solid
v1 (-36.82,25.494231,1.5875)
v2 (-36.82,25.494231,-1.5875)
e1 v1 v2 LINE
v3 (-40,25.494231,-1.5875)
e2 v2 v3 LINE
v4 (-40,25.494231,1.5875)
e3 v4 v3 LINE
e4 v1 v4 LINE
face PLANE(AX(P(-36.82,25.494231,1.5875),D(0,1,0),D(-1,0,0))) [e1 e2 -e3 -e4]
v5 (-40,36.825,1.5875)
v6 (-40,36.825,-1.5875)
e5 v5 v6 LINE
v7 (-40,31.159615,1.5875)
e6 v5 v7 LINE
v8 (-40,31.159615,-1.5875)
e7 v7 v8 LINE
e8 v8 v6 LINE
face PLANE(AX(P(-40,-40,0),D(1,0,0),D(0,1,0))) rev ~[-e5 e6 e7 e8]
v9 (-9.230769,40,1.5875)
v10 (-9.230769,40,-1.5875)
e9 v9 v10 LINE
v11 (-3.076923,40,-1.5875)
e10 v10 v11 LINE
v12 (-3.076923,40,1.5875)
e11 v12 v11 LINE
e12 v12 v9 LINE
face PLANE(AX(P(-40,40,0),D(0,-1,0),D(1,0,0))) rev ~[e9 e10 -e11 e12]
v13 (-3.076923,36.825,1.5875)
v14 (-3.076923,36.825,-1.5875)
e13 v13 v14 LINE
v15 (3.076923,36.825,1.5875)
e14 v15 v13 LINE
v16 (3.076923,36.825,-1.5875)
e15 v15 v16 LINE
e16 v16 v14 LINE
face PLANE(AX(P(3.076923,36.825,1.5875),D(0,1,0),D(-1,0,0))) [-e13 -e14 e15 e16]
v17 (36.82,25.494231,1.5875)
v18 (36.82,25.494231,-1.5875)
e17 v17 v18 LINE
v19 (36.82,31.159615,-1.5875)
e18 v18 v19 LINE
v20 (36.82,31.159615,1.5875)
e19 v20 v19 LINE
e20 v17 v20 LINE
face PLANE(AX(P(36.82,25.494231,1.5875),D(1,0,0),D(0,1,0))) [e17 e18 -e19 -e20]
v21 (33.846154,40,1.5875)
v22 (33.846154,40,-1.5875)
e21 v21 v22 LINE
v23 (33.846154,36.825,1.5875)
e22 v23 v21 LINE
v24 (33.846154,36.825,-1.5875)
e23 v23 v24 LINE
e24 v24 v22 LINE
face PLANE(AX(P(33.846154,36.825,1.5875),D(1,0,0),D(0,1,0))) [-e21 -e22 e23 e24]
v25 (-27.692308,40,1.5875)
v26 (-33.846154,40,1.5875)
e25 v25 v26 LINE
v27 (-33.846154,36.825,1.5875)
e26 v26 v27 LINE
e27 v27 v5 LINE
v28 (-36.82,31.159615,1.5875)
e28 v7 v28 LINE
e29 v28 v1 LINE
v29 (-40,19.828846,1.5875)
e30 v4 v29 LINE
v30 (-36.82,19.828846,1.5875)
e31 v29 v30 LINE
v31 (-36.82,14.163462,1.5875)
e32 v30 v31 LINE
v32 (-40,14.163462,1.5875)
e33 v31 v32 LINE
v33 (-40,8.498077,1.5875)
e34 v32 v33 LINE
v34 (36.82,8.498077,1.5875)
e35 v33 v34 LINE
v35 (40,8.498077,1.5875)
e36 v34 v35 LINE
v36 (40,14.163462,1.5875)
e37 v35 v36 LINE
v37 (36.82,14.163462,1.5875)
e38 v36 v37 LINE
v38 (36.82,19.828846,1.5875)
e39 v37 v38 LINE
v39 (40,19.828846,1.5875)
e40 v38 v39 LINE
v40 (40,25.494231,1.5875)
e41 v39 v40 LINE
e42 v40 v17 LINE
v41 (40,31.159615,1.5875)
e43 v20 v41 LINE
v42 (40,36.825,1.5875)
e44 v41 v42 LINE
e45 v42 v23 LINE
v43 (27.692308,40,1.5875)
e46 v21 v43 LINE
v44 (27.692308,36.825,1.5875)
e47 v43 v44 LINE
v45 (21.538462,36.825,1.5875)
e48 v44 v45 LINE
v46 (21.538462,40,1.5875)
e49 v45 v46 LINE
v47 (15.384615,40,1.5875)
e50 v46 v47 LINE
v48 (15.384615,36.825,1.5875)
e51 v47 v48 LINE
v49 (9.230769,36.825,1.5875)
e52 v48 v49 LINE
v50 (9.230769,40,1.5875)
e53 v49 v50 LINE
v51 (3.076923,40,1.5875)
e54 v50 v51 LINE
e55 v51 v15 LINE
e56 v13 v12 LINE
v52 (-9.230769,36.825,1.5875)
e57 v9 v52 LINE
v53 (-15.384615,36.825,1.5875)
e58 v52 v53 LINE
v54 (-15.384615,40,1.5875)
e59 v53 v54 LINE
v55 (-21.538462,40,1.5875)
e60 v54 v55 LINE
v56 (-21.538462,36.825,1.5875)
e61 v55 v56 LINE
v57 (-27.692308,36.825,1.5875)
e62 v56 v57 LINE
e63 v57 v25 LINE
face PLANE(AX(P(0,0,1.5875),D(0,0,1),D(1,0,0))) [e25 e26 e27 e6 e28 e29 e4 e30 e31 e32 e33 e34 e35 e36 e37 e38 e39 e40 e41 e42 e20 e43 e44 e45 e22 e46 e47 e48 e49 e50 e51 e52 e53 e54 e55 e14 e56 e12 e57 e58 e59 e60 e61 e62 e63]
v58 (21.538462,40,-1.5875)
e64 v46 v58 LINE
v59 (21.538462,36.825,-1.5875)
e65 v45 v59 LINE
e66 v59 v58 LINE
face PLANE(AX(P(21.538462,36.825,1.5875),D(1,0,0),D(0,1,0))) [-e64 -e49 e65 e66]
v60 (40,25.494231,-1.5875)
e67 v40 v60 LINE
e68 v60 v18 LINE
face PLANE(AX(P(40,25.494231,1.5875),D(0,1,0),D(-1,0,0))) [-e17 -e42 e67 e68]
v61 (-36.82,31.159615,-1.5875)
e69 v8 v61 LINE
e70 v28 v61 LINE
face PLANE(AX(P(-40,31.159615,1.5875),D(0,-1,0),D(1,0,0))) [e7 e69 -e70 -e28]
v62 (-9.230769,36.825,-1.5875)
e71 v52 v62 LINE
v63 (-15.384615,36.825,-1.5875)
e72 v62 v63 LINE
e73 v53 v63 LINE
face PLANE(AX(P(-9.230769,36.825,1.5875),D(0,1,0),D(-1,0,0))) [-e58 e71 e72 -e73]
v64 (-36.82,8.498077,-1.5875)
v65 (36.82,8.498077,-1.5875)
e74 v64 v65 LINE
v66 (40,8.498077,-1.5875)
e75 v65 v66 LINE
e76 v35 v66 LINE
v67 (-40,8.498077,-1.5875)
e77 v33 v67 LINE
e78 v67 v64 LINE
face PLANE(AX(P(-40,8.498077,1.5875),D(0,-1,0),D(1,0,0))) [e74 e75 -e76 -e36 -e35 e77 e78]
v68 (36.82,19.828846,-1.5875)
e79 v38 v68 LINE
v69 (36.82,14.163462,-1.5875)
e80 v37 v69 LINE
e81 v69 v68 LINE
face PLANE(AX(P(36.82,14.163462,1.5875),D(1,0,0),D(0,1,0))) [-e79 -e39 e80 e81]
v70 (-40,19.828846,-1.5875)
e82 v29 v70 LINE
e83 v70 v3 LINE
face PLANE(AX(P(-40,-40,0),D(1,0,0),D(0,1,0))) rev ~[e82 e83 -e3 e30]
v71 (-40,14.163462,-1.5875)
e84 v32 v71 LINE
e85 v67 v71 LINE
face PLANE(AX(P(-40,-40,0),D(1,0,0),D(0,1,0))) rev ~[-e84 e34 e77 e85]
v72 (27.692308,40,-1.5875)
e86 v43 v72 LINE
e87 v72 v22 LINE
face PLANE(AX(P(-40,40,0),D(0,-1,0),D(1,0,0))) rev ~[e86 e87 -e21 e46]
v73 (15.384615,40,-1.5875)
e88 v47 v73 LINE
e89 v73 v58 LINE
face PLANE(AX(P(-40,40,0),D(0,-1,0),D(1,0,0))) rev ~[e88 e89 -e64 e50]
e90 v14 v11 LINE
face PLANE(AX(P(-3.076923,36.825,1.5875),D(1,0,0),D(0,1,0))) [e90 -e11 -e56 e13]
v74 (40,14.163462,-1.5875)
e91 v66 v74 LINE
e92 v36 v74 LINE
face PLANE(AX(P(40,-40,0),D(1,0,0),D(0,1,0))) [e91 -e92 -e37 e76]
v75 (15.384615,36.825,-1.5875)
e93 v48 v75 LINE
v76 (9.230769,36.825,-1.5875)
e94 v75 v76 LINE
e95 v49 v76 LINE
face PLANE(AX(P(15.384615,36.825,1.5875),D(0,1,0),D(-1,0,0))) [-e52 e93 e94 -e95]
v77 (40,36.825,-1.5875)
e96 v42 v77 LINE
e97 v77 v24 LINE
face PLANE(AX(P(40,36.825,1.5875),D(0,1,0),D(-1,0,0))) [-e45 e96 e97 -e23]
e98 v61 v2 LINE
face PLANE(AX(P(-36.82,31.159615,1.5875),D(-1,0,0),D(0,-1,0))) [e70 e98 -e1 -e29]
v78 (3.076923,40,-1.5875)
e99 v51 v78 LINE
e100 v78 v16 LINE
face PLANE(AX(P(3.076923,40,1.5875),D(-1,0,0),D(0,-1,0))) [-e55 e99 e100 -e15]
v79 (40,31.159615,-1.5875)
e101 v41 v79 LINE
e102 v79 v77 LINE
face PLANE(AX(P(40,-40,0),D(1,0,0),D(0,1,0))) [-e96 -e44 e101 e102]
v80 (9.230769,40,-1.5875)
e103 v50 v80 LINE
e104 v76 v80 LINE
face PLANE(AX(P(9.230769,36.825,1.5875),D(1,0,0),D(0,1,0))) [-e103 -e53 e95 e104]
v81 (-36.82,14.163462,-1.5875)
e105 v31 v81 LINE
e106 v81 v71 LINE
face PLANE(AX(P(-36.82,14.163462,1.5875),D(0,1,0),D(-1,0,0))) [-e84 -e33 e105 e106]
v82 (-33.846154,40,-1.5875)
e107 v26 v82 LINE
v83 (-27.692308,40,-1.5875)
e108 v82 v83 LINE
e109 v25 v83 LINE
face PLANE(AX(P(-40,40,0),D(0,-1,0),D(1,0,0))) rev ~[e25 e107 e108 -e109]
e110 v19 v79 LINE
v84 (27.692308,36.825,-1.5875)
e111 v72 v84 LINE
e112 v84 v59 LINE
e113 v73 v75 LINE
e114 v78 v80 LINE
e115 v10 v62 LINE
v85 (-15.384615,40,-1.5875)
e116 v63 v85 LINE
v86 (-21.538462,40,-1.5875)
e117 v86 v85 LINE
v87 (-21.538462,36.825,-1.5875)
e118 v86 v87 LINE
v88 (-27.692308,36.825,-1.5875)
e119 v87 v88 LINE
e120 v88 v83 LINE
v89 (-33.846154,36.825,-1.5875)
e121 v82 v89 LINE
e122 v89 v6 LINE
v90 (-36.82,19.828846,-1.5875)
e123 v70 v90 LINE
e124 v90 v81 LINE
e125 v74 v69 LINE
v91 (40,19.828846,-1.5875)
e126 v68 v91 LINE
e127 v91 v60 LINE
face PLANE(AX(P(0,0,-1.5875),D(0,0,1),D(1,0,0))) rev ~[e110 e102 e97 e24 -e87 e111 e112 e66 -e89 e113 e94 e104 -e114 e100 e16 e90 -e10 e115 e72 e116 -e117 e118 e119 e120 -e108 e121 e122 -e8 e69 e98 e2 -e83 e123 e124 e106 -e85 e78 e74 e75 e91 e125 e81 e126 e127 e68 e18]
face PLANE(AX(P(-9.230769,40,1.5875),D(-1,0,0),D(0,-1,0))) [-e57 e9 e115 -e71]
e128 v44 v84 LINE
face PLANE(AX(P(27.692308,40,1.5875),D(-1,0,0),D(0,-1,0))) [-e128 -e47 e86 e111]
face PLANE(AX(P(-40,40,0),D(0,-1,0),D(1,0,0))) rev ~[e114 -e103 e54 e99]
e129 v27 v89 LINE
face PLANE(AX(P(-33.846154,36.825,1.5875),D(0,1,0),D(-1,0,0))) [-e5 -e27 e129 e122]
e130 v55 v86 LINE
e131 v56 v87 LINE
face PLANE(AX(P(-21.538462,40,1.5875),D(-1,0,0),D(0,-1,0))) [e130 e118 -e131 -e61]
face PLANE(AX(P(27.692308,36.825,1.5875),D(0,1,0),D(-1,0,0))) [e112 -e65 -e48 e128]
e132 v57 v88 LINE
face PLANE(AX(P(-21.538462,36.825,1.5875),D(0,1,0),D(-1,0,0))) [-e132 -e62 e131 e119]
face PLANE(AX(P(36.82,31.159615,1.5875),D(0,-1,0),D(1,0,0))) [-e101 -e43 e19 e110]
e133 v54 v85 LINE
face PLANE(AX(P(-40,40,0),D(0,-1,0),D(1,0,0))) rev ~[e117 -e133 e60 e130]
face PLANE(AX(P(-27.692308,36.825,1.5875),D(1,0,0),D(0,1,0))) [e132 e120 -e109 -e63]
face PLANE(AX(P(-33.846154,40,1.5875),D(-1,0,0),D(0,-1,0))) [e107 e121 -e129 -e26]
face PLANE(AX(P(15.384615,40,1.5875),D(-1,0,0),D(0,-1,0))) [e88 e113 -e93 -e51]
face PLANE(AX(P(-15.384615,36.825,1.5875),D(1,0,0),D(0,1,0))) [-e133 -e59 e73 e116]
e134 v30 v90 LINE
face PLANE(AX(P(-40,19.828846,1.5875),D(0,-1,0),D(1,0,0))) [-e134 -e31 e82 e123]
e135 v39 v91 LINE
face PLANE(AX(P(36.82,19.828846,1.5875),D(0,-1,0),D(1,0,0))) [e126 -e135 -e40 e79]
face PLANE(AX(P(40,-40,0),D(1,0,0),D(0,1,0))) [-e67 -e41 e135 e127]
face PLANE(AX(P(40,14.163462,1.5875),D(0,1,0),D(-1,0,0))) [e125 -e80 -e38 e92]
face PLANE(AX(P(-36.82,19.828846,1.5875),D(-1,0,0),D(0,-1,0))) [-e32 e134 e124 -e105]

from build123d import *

# Parameters (mm, degrees)
SKETCH1_W           = 80
SKETCH1_H           = 80
BOSS_EXTRUDE1_DEPTH = 1.5875
SKETCH2_OUTSIDE_W   = 104.636
SKETCH2_OUTSIDE_H   = 104.636
CUT_EXTRUDE2_DEPTH  = 10
SKETCH3_W           = 80
SKETCH3_H           = 48.498076923
CUT_EXTRUDE3_DEPTH  = 57.657573413


with BuildPart() as part:
    # Sketch1 → Boss-Extrude1 (new, symmetric)
    with BuildSketch(Plane.XY):
        Rectangle(SKETCH1_W, SKETCH1_H)
    extrude(amount=BOSS_EXTRUDE1_DEPTH, both=True)

    # Sketch2 outside → Cut-Extrude2 (cut)
    with BuildSketch(Plane.XY.offset(1.5875)):
        Rectangle(SKETCH2_OUTSIDE_W, SKETCH2_OUTSIDE_H)
        Polygon((33.846153846, -36.825), (40, -36.825), (40, -31.159615385), (36.82, -31.159615385), (36.82, -25.494230769), (40, -25.494230769), (40, -19.828846154), (36.82, -19.828846154), (36.82, -14.163461538), (40, -14.163461538), (40, -8.498076923), (36.82, -8.498076923), (36.82, -2.832692308), (40, -2.832692308), (40, 2.832692308), (36.82, 2.832692308), (36.82, 8.498076923), (40, 8.498076923), (40, 14.163461538), (36.82, 14.163461538), (36.82, 19.828846154), (40, 19.828846154), (40, 25.494230769), (36.82, 25.494230769), (36.82, 31.159615385), (40, 31.159615385), (40, 36.825), (33.846153846, 36.825), (33.846153846, 40), (27.692307692, 40), (27.692307692, 36.825), (21.538461538, 36.825), (21.538461538, 40), (15.384615385, 40), (15.384615385, 36.825), (9.230769231, 36.825), (9.230769231, 40), (3.076923077, 40), (3.076923077, 36.825), (-3.076923077, 36.825), (-3.076923077, 40), (-9.230769231, 40), (-9.230769231, 36.825), (-15.384615385, 36.825), (-15.384615385, 40), (-21.538461538, 40), (-21.538461538, 36.825), (-27.692307692, 36.825), (-27.692307692, 40), (-33.846153846, 40), (-33.846153846, 36.825), (-40, 36.825), (-40, 31.159615385), (-36.82, 31.159615385), (-36.82, 25.494230769), (-40, 25.494230769), (-40, 19.828846154), (-36.82, 19.828846154), (-36.82, 14.163461538), (-40, 14.163461538), (-40, 8.498076923), (-36.82, 8.498076923), (-36.82, 2.832692308), (-40, 2.832692308), (-40, -2.832692308), (-36.82, -2.832692308), (-36.82, -8.498076923), (-40, -8.498076923), (-40, -14.163461538), (-36.82, -14.163461538), (-36.82, -19.828846154), (-40, -19.828846154), (-40, -25.494230769), (-36.82, -25.494230769), (-36.82, -31.159615385), (-40, -31.159615385), (-40, -36.825), (-33.846153846, -36.825), (-33.846153846, -40), (-27.692307692, -40), (-27.692307692, -36.825), (-21.538461538, -36.825), (-21.538461538, -40), (-15.384615385, -40), (-15.384615385, -36.825), (-9.230769231, -36.825), (-9.230769231, -40), (-3.076923077, -40), (-3.076923077, -36.825), (3.076923077, -36.825), (3.076923077, -40), (9.230769231, -40), (9.230769231, -36.825), (15.384615385, -36.825), (15.384615385, -40), (21.538461538, -40), (21.538461538, -36.825), (27.692307692, -36.825), (27.692307692, -40), (33.846153846, -40), align=None, mode=Mode.SUBTRACT)
    extrude(amount=-CUT_EXTRUDE2_DEPTH, mode=Mode.SUBTRACT)

    # Sketch3 → Cut-Extrude3 (cut, through all)
    with BuildSketch(Plane.XY.offset(1.5875)):
        with Locations((0, -15.750961539)):
            Rectangle(SKETCH3_W, SKETCH3_H)
    extrude(amount=-CUT_EXTRUDE3_DEPTH, mode=Mode.SUBTRACT)


solid = part.part
